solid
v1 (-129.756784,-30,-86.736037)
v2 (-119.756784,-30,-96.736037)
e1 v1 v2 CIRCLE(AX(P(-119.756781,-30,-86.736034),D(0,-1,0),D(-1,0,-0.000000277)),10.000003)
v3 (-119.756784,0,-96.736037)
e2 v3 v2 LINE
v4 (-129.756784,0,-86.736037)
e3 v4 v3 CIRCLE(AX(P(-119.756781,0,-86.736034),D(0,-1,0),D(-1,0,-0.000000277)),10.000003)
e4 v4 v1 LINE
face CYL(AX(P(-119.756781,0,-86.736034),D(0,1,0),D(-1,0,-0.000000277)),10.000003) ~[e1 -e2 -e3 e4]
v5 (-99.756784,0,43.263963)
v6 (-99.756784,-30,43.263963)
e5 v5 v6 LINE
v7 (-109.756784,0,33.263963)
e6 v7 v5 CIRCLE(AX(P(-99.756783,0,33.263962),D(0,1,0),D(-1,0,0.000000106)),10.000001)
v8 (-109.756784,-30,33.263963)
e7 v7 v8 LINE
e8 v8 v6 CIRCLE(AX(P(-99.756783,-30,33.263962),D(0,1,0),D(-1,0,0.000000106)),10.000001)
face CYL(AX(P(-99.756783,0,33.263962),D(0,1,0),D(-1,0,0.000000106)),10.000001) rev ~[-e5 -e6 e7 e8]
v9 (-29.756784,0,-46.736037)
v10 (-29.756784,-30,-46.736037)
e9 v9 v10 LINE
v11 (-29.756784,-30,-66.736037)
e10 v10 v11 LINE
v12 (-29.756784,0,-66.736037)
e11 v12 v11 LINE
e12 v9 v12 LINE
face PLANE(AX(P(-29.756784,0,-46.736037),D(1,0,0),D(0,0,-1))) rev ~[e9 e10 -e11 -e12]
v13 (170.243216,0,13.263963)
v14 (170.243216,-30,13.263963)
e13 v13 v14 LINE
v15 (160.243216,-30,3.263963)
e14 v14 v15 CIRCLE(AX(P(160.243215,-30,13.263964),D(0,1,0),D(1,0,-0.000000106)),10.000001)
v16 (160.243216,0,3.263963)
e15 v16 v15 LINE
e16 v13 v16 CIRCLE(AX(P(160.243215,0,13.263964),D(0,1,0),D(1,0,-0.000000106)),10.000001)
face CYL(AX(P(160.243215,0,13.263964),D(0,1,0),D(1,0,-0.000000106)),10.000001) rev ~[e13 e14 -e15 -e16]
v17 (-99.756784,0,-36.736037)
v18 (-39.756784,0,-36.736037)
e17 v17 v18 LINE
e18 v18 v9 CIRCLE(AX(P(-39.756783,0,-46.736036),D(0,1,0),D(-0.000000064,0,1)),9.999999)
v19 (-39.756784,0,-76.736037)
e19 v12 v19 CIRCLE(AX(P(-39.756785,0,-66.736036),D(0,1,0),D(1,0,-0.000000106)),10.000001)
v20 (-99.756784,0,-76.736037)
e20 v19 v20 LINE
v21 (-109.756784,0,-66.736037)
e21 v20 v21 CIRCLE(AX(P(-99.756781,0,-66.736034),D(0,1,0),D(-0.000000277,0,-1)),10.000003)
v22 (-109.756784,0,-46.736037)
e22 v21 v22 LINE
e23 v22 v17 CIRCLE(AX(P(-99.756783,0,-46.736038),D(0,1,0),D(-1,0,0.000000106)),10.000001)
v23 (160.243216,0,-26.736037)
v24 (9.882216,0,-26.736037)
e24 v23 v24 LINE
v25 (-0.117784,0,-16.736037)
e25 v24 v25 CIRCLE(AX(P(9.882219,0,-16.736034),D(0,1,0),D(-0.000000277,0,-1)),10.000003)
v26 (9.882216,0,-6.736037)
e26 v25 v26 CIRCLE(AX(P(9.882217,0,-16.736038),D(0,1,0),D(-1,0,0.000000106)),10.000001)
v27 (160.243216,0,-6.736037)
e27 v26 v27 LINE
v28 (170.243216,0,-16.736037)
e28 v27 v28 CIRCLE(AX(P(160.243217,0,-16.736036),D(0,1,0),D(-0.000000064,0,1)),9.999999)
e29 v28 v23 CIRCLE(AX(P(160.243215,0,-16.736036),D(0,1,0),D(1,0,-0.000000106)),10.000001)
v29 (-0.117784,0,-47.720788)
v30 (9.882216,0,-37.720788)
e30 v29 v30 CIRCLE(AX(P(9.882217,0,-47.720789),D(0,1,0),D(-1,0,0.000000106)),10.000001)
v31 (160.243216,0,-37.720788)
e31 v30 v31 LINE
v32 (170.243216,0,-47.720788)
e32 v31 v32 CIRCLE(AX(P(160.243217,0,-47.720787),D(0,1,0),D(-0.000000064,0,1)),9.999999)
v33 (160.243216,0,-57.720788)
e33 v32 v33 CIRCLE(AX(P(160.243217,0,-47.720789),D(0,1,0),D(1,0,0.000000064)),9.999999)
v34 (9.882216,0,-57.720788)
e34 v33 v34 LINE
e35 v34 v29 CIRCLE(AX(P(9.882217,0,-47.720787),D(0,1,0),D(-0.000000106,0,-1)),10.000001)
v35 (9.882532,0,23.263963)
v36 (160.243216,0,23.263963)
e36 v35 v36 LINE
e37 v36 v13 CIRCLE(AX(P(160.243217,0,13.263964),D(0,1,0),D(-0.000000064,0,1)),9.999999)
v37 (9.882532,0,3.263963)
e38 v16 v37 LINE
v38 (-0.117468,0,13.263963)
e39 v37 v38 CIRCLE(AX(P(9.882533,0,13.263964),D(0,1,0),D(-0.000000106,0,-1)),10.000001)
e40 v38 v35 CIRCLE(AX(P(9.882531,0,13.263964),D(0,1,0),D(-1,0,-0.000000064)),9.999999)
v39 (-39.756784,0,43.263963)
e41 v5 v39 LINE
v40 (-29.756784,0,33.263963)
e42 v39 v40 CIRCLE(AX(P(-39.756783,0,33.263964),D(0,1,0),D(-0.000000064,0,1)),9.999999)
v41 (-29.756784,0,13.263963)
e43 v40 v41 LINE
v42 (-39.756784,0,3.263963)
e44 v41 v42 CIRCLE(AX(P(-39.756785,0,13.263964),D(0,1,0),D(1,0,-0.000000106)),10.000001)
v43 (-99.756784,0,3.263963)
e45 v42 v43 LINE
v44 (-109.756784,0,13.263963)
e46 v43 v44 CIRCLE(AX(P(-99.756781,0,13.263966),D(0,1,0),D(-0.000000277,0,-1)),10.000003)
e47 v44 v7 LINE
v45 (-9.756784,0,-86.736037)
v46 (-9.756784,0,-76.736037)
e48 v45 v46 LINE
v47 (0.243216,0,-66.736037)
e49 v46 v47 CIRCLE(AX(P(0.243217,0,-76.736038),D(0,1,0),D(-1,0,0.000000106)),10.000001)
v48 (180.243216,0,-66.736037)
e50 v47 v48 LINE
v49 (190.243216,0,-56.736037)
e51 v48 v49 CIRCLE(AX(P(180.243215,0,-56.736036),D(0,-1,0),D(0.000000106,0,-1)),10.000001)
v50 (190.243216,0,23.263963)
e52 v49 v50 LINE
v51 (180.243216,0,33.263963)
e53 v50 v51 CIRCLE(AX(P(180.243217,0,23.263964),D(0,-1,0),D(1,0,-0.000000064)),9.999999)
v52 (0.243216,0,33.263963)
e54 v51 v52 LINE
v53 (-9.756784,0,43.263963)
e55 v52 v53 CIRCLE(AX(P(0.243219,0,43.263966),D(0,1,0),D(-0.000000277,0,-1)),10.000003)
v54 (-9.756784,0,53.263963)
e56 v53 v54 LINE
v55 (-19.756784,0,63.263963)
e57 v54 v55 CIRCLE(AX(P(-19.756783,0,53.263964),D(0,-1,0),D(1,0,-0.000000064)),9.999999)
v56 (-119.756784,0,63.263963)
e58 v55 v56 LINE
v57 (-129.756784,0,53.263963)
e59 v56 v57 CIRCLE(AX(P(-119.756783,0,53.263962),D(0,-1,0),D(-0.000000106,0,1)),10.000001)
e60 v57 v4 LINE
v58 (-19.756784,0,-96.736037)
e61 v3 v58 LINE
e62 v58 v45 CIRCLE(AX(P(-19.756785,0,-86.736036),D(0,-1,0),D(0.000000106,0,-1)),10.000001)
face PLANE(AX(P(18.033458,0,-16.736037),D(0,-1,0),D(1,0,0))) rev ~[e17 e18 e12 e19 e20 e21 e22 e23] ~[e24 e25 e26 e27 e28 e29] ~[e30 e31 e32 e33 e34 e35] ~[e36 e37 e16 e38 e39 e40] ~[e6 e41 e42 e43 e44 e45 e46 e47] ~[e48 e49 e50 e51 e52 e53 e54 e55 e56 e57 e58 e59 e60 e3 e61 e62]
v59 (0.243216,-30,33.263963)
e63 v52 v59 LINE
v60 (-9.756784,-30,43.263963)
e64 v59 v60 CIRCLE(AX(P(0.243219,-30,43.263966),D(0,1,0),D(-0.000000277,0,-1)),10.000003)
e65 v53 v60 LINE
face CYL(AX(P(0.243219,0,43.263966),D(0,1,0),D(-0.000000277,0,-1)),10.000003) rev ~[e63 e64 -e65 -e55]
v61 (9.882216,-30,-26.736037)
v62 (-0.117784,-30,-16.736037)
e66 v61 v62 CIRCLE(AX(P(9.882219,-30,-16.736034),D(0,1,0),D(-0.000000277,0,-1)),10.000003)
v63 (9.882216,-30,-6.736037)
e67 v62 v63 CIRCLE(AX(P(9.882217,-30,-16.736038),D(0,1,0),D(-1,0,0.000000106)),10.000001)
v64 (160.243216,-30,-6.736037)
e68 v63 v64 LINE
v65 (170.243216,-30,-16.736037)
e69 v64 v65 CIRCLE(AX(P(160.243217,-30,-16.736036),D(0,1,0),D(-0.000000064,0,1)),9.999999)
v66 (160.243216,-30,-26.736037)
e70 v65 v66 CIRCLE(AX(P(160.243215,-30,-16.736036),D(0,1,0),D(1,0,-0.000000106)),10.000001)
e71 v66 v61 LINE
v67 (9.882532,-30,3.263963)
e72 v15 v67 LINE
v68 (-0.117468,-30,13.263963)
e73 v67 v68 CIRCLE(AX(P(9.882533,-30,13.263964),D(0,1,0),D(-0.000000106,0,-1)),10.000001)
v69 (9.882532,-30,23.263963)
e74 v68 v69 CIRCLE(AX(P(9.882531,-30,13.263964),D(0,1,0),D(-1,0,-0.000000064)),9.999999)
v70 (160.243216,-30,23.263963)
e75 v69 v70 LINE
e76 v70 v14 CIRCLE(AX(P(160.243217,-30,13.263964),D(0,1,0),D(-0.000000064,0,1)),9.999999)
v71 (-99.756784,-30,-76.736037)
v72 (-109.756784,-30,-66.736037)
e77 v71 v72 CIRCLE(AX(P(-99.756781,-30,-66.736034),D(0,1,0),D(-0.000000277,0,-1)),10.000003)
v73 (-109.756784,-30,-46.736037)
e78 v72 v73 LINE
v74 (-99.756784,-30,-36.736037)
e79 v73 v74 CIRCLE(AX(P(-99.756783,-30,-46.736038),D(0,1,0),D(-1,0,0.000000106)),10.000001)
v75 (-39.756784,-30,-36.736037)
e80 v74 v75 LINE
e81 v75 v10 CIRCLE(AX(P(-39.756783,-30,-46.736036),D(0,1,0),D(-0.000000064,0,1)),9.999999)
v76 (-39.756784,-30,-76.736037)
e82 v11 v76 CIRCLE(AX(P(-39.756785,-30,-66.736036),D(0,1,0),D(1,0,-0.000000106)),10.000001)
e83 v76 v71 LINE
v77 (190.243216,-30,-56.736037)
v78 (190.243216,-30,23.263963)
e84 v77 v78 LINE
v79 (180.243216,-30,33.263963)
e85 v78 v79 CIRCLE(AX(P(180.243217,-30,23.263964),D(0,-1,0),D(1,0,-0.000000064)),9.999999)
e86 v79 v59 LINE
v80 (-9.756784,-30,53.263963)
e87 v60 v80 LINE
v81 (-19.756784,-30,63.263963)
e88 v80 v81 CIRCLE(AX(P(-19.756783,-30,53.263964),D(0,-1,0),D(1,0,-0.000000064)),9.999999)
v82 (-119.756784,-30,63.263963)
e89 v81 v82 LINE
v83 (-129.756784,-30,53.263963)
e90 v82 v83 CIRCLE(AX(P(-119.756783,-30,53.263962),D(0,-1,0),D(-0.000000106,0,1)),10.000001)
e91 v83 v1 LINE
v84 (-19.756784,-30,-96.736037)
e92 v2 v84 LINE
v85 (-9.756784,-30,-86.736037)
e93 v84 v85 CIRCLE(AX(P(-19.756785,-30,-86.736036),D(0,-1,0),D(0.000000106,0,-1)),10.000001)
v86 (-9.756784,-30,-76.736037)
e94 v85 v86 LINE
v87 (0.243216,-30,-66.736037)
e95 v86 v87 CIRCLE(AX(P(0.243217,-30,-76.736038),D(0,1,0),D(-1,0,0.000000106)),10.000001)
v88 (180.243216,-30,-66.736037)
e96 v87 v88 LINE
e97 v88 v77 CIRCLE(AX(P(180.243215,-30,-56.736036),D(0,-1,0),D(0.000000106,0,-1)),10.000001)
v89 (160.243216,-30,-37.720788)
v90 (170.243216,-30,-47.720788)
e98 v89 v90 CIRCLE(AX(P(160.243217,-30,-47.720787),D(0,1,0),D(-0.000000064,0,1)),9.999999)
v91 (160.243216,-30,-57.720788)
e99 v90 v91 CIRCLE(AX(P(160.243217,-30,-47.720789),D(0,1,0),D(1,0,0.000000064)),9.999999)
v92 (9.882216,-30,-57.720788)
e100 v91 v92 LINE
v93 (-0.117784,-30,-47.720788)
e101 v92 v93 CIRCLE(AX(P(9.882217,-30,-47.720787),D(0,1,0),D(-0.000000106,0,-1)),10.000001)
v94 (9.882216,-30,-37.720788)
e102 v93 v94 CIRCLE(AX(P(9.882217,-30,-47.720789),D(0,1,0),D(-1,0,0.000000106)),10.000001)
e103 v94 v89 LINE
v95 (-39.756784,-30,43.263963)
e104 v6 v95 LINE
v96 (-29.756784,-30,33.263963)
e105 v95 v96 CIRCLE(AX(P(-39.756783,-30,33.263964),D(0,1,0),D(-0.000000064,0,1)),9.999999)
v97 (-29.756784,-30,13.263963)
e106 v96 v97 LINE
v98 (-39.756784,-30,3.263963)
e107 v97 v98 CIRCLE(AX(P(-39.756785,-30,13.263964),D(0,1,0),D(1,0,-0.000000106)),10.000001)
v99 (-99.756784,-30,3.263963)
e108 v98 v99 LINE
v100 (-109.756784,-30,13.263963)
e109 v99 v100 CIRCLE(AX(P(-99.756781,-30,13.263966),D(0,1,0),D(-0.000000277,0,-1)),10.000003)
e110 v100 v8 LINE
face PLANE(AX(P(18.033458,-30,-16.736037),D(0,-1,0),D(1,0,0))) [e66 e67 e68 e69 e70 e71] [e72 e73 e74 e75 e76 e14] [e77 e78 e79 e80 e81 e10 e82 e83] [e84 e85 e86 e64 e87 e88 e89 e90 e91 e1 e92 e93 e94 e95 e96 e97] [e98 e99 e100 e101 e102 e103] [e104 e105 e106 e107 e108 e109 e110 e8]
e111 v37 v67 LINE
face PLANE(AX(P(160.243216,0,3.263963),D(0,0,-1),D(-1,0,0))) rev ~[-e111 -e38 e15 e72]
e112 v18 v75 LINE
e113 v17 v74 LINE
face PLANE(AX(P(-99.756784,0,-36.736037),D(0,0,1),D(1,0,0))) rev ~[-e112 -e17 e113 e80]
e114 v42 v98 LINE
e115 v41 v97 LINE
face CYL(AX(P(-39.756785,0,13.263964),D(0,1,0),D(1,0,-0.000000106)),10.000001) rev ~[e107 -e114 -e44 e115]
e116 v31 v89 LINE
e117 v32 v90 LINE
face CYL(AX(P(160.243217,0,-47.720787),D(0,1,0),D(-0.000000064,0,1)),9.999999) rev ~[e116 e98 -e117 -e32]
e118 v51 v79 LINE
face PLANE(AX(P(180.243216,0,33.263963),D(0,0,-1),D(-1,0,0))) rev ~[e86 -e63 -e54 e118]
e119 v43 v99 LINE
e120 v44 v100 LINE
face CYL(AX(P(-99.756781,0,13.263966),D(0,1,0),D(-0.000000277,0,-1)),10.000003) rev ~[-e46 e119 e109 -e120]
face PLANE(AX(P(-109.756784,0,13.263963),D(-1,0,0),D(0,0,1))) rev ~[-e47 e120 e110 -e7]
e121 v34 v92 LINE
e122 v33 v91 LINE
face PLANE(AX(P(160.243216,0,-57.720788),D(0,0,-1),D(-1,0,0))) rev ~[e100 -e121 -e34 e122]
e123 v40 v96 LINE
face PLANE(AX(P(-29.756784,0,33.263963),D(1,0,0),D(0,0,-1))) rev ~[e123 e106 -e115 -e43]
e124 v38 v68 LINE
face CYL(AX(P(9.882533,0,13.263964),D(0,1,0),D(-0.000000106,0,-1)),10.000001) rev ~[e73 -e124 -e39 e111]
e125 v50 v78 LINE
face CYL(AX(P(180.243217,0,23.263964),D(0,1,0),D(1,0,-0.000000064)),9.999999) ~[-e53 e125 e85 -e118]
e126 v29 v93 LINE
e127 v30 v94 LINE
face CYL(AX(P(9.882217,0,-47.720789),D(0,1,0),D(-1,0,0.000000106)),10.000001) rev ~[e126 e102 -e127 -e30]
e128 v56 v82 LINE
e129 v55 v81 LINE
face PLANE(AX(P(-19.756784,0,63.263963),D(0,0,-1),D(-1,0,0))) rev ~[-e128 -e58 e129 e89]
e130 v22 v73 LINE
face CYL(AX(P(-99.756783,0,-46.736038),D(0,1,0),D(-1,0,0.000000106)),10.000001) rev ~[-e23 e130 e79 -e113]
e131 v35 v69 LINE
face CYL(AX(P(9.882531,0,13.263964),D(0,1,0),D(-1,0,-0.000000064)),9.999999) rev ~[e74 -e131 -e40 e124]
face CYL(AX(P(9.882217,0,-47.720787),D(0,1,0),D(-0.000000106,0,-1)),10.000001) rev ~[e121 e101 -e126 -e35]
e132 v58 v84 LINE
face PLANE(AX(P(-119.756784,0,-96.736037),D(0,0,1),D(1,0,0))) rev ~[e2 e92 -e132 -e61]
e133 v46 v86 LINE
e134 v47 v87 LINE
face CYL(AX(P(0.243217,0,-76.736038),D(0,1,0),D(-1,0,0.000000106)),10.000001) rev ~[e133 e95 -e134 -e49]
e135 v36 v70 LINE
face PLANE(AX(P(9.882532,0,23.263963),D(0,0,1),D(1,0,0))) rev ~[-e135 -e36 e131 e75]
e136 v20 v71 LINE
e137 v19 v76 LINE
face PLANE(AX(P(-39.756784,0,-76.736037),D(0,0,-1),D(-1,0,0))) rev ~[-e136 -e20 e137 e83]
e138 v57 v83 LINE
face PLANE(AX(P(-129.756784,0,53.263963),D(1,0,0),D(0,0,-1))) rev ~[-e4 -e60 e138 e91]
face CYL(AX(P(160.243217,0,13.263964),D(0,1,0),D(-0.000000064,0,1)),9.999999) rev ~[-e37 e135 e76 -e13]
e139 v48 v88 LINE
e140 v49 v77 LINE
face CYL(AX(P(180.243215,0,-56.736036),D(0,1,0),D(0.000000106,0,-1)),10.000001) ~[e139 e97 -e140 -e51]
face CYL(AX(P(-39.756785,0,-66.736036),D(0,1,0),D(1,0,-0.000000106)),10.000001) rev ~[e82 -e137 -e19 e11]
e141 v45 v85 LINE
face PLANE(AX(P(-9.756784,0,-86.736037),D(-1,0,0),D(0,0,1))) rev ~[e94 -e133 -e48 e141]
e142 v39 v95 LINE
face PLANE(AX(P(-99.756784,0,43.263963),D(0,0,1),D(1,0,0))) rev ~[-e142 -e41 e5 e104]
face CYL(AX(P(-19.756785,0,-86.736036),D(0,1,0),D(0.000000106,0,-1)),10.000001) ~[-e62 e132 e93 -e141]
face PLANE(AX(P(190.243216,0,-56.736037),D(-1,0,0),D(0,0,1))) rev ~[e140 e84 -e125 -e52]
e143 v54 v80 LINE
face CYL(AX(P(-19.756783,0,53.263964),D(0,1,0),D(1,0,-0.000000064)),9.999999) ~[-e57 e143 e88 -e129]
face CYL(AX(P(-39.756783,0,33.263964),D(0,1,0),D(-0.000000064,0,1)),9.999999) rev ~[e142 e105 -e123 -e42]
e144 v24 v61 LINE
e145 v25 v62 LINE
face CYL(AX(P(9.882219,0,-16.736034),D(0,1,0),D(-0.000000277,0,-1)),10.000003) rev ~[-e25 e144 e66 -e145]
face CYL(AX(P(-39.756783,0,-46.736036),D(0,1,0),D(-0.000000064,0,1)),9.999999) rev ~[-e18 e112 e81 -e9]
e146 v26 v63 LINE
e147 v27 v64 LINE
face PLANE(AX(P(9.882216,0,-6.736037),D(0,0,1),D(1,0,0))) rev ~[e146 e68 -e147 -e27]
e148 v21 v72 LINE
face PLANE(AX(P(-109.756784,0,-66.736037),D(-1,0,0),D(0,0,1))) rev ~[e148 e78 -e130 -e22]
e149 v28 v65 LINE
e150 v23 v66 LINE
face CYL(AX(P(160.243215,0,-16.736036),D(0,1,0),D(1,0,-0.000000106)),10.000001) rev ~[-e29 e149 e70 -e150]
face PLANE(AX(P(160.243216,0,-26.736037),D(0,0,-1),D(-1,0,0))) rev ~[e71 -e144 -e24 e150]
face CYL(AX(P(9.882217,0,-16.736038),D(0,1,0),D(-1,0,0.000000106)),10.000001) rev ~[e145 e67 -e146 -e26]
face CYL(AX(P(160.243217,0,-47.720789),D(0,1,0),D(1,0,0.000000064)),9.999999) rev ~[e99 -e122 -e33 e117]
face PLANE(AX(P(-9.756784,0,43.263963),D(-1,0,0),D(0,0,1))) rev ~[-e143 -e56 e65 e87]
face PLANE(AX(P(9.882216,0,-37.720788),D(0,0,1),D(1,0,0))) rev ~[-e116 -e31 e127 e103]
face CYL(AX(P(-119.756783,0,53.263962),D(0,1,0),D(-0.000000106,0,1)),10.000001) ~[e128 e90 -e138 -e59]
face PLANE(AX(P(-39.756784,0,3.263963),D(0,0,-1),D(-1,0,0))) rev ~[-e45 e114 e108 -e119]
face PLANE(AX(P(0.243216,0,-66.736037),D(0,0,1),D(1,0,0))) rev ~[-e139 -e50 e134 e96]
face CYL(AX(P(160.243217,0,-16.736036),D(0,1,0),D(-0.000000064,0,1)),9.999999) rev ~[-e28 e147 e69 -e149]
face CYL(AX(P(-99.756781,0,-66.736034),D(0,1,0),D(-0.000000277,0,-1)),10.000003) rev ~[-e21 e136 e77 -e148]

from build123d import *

# Parameters (mm, degrees)
F1_DEPTH = 30


with BuildPart() as f1:
    # F0 (on Front) → F1 (new body)
    with BuildSketch(Plane.XZ):
        with BuildLine():
            Line((-19.756784, 63.263963), (-119.756784, 63.263963))
            ThreePointArc((-119.756784, 63.263963), (-126.827851, 60.335031), (-129.756784, 53.263963))
            Line((-129.756784, 53.263963), (-129.756784, -86.736037))
            ThreePointArc((-129.756784, -86.736037), (-126.827851, -93.807104), (-119.756784, -96.736037))
            Line((-119.756784, -96.736037), (-19.756784, -96.736037))
            ThreePointArc((-19.756784, -96.736037), (-12.685716, -93.807104), (-9.756784, -86.736037))
            Line((-9.756784, -86.736037), (-9.756784, -76.736037))
            ThreePointArc((-9.756784, -76.736037), (-6.827851, -69.664969), (0.243216, -66.736037))
            Line((0.243216, -66.736037), (180.243216, -66.736037))
            ThreePointArc((180.243216, -66.736037), (187.314284, -63.807104), (190.243216, -56.736037))
            Line((190.243216, -56.736037), (190.243216, 23.263963))
            ThreePointArc((190.243216, 23.263963), (187.314284, 30.335031), (180.243216, 33.263963))
            Line((180.243216, 33.263963), (0.243216, 33.263963))
            ThreePointArc((0.243216, 33.263963), (-6.827851, 36.192896), (-9.756784, 43.263963))
            Line((-9.756784, 43.263963), (-9.756784, 53.263963))
            ThreePointArc((-9.756784, 53.263963), (-12.685716, 60.335031), (-19.756784, 63.263963))
        make_face()
        with BuildLine():
            ThreePointArc((-109.756784, -46.736037), (-106.827851, -39.664969), (-99.756784, -36.736037))
            Line((-99.756784, -36.736037), (-39.756784, -36.736037))
            ThreePointArc((-39.756784, -36.736037), (-32.685716, -39.664969), (-29.756784, -46.736037))
            Line((-29.756784, -46.736037), (-29.756784, -66.736037))
            ThreePointArc((-29.756784, -66.736037), (-32.685716, -73.807104), (-39.756784, -76.736037))
            Line((-39.756784, -76.736037), (-99.756784, -76.736037))
            ThreePointArc((-99.756784, -76.736037), (-106.827851, -73.807104), (-109.756784, -66.736037))
            Line((-109.756784, -66.736037), (-109.756784, -46.736037))
        make_face(mode=Mode.SUBTRACT)
        with BuildLine():
            ThreePointArc((-0.117784, -47.720788), (2.811149, -40.64972), (9.882216, -37.720788))
            Line((9.882216, -37.720788), (160.243216, -37.720788))
            ThreePointArc((160.243216, -37.720788), (167.314284, -40.64972), (170.243216, -47.720788))
            ThreePointArc((170.243216, -47.720788), (167.314284, -54.791856), (160.243216, -57.720788))
            Line((160.243216, -57.720788), (9.882216, -57.720788))
            ThreePointArc((9.882216, -57.720788), (2.811149, -54.791856), (-0.117784, -47.720788))
        make_face(mode=Mode.SUBTRACT)
        with BuildLine():
            ThreePointArc((-109.756784, 33.263963), (-106.827851, 40.335031), (-99.756784, 43.263963))
            Line((-99.756784, 43.263963), (-39.756784, 43.263963))
            ThreePointArc((-39.756784, 43.263963), (-32.685716, 40.335031), (-29.756784, 33.263963))
            Line((-29.756784, 33.263963), (-29.756784, 13.263963))
            ThreePointArc((-29.756784, 13.263963), (-32.685716, 6.192896), (-39.756784, 3.263963))
            Line((-39.756784, 3.263963), (-99.756784, 3.263963))
            ThreePointArc((-99.756784, 3.263963), (-106.827851, 6.192896), (-109.756784, 13.263963))
            Line((-109.756784, 13.263963), (-109.756784, 33.263963))
        make_face(mode=Mode.SUBTRACT)
        with BuildLine():
            ThreePointArc((-0.117784, -16.736037), (2.811149, -9.664969), (9.882216, -6.736037))
            Line((9.882216, -6.736037), (160.243216, -6.736037))
            ThreePointArc((160.243216, -6.736037), (167.314284, -9.664969), (170.243216, -16.736037))
            ThreePointArc((170.243216, -16.736037), (167.314284, -23.807104), (160.243216, -26.736037))
            Line((160.243216, -26.736037), (9.882216, -26.736037))
            ThreePointArc((9.882216, -26.736037), (2.811149, -23.807104), (-0.117784, -16.736037))
        make_face(mode=Mode.SUBTRACT)
        with BuildLine():
            ThreePointArc((-0.117468, 13.263963), (2.811464, 20.335031), (9.882532, 23.263963))
            Line((9.882532, 23.263963), (160.243216, 23.263963))
            ThreePointArc((160.243216, 23.263963), (167.314284, 20.335031), (170.243216, 13.263963))
            ThreePointArc((170.243216, 13.263963), (167.314284, 6.192896), (160.243216, 3.263963))
            Line((160.243216, 3.263963), (9.882532, 3.263963))
            ThreePointArc((9.882532, 3.263963), (2.811464, 6.192896), (-0.117468, 13.263963))
        make_face(mode=Mode.SUBTRACT)
    extrude(amount=F1_DEPTH)


solid = f1.part
